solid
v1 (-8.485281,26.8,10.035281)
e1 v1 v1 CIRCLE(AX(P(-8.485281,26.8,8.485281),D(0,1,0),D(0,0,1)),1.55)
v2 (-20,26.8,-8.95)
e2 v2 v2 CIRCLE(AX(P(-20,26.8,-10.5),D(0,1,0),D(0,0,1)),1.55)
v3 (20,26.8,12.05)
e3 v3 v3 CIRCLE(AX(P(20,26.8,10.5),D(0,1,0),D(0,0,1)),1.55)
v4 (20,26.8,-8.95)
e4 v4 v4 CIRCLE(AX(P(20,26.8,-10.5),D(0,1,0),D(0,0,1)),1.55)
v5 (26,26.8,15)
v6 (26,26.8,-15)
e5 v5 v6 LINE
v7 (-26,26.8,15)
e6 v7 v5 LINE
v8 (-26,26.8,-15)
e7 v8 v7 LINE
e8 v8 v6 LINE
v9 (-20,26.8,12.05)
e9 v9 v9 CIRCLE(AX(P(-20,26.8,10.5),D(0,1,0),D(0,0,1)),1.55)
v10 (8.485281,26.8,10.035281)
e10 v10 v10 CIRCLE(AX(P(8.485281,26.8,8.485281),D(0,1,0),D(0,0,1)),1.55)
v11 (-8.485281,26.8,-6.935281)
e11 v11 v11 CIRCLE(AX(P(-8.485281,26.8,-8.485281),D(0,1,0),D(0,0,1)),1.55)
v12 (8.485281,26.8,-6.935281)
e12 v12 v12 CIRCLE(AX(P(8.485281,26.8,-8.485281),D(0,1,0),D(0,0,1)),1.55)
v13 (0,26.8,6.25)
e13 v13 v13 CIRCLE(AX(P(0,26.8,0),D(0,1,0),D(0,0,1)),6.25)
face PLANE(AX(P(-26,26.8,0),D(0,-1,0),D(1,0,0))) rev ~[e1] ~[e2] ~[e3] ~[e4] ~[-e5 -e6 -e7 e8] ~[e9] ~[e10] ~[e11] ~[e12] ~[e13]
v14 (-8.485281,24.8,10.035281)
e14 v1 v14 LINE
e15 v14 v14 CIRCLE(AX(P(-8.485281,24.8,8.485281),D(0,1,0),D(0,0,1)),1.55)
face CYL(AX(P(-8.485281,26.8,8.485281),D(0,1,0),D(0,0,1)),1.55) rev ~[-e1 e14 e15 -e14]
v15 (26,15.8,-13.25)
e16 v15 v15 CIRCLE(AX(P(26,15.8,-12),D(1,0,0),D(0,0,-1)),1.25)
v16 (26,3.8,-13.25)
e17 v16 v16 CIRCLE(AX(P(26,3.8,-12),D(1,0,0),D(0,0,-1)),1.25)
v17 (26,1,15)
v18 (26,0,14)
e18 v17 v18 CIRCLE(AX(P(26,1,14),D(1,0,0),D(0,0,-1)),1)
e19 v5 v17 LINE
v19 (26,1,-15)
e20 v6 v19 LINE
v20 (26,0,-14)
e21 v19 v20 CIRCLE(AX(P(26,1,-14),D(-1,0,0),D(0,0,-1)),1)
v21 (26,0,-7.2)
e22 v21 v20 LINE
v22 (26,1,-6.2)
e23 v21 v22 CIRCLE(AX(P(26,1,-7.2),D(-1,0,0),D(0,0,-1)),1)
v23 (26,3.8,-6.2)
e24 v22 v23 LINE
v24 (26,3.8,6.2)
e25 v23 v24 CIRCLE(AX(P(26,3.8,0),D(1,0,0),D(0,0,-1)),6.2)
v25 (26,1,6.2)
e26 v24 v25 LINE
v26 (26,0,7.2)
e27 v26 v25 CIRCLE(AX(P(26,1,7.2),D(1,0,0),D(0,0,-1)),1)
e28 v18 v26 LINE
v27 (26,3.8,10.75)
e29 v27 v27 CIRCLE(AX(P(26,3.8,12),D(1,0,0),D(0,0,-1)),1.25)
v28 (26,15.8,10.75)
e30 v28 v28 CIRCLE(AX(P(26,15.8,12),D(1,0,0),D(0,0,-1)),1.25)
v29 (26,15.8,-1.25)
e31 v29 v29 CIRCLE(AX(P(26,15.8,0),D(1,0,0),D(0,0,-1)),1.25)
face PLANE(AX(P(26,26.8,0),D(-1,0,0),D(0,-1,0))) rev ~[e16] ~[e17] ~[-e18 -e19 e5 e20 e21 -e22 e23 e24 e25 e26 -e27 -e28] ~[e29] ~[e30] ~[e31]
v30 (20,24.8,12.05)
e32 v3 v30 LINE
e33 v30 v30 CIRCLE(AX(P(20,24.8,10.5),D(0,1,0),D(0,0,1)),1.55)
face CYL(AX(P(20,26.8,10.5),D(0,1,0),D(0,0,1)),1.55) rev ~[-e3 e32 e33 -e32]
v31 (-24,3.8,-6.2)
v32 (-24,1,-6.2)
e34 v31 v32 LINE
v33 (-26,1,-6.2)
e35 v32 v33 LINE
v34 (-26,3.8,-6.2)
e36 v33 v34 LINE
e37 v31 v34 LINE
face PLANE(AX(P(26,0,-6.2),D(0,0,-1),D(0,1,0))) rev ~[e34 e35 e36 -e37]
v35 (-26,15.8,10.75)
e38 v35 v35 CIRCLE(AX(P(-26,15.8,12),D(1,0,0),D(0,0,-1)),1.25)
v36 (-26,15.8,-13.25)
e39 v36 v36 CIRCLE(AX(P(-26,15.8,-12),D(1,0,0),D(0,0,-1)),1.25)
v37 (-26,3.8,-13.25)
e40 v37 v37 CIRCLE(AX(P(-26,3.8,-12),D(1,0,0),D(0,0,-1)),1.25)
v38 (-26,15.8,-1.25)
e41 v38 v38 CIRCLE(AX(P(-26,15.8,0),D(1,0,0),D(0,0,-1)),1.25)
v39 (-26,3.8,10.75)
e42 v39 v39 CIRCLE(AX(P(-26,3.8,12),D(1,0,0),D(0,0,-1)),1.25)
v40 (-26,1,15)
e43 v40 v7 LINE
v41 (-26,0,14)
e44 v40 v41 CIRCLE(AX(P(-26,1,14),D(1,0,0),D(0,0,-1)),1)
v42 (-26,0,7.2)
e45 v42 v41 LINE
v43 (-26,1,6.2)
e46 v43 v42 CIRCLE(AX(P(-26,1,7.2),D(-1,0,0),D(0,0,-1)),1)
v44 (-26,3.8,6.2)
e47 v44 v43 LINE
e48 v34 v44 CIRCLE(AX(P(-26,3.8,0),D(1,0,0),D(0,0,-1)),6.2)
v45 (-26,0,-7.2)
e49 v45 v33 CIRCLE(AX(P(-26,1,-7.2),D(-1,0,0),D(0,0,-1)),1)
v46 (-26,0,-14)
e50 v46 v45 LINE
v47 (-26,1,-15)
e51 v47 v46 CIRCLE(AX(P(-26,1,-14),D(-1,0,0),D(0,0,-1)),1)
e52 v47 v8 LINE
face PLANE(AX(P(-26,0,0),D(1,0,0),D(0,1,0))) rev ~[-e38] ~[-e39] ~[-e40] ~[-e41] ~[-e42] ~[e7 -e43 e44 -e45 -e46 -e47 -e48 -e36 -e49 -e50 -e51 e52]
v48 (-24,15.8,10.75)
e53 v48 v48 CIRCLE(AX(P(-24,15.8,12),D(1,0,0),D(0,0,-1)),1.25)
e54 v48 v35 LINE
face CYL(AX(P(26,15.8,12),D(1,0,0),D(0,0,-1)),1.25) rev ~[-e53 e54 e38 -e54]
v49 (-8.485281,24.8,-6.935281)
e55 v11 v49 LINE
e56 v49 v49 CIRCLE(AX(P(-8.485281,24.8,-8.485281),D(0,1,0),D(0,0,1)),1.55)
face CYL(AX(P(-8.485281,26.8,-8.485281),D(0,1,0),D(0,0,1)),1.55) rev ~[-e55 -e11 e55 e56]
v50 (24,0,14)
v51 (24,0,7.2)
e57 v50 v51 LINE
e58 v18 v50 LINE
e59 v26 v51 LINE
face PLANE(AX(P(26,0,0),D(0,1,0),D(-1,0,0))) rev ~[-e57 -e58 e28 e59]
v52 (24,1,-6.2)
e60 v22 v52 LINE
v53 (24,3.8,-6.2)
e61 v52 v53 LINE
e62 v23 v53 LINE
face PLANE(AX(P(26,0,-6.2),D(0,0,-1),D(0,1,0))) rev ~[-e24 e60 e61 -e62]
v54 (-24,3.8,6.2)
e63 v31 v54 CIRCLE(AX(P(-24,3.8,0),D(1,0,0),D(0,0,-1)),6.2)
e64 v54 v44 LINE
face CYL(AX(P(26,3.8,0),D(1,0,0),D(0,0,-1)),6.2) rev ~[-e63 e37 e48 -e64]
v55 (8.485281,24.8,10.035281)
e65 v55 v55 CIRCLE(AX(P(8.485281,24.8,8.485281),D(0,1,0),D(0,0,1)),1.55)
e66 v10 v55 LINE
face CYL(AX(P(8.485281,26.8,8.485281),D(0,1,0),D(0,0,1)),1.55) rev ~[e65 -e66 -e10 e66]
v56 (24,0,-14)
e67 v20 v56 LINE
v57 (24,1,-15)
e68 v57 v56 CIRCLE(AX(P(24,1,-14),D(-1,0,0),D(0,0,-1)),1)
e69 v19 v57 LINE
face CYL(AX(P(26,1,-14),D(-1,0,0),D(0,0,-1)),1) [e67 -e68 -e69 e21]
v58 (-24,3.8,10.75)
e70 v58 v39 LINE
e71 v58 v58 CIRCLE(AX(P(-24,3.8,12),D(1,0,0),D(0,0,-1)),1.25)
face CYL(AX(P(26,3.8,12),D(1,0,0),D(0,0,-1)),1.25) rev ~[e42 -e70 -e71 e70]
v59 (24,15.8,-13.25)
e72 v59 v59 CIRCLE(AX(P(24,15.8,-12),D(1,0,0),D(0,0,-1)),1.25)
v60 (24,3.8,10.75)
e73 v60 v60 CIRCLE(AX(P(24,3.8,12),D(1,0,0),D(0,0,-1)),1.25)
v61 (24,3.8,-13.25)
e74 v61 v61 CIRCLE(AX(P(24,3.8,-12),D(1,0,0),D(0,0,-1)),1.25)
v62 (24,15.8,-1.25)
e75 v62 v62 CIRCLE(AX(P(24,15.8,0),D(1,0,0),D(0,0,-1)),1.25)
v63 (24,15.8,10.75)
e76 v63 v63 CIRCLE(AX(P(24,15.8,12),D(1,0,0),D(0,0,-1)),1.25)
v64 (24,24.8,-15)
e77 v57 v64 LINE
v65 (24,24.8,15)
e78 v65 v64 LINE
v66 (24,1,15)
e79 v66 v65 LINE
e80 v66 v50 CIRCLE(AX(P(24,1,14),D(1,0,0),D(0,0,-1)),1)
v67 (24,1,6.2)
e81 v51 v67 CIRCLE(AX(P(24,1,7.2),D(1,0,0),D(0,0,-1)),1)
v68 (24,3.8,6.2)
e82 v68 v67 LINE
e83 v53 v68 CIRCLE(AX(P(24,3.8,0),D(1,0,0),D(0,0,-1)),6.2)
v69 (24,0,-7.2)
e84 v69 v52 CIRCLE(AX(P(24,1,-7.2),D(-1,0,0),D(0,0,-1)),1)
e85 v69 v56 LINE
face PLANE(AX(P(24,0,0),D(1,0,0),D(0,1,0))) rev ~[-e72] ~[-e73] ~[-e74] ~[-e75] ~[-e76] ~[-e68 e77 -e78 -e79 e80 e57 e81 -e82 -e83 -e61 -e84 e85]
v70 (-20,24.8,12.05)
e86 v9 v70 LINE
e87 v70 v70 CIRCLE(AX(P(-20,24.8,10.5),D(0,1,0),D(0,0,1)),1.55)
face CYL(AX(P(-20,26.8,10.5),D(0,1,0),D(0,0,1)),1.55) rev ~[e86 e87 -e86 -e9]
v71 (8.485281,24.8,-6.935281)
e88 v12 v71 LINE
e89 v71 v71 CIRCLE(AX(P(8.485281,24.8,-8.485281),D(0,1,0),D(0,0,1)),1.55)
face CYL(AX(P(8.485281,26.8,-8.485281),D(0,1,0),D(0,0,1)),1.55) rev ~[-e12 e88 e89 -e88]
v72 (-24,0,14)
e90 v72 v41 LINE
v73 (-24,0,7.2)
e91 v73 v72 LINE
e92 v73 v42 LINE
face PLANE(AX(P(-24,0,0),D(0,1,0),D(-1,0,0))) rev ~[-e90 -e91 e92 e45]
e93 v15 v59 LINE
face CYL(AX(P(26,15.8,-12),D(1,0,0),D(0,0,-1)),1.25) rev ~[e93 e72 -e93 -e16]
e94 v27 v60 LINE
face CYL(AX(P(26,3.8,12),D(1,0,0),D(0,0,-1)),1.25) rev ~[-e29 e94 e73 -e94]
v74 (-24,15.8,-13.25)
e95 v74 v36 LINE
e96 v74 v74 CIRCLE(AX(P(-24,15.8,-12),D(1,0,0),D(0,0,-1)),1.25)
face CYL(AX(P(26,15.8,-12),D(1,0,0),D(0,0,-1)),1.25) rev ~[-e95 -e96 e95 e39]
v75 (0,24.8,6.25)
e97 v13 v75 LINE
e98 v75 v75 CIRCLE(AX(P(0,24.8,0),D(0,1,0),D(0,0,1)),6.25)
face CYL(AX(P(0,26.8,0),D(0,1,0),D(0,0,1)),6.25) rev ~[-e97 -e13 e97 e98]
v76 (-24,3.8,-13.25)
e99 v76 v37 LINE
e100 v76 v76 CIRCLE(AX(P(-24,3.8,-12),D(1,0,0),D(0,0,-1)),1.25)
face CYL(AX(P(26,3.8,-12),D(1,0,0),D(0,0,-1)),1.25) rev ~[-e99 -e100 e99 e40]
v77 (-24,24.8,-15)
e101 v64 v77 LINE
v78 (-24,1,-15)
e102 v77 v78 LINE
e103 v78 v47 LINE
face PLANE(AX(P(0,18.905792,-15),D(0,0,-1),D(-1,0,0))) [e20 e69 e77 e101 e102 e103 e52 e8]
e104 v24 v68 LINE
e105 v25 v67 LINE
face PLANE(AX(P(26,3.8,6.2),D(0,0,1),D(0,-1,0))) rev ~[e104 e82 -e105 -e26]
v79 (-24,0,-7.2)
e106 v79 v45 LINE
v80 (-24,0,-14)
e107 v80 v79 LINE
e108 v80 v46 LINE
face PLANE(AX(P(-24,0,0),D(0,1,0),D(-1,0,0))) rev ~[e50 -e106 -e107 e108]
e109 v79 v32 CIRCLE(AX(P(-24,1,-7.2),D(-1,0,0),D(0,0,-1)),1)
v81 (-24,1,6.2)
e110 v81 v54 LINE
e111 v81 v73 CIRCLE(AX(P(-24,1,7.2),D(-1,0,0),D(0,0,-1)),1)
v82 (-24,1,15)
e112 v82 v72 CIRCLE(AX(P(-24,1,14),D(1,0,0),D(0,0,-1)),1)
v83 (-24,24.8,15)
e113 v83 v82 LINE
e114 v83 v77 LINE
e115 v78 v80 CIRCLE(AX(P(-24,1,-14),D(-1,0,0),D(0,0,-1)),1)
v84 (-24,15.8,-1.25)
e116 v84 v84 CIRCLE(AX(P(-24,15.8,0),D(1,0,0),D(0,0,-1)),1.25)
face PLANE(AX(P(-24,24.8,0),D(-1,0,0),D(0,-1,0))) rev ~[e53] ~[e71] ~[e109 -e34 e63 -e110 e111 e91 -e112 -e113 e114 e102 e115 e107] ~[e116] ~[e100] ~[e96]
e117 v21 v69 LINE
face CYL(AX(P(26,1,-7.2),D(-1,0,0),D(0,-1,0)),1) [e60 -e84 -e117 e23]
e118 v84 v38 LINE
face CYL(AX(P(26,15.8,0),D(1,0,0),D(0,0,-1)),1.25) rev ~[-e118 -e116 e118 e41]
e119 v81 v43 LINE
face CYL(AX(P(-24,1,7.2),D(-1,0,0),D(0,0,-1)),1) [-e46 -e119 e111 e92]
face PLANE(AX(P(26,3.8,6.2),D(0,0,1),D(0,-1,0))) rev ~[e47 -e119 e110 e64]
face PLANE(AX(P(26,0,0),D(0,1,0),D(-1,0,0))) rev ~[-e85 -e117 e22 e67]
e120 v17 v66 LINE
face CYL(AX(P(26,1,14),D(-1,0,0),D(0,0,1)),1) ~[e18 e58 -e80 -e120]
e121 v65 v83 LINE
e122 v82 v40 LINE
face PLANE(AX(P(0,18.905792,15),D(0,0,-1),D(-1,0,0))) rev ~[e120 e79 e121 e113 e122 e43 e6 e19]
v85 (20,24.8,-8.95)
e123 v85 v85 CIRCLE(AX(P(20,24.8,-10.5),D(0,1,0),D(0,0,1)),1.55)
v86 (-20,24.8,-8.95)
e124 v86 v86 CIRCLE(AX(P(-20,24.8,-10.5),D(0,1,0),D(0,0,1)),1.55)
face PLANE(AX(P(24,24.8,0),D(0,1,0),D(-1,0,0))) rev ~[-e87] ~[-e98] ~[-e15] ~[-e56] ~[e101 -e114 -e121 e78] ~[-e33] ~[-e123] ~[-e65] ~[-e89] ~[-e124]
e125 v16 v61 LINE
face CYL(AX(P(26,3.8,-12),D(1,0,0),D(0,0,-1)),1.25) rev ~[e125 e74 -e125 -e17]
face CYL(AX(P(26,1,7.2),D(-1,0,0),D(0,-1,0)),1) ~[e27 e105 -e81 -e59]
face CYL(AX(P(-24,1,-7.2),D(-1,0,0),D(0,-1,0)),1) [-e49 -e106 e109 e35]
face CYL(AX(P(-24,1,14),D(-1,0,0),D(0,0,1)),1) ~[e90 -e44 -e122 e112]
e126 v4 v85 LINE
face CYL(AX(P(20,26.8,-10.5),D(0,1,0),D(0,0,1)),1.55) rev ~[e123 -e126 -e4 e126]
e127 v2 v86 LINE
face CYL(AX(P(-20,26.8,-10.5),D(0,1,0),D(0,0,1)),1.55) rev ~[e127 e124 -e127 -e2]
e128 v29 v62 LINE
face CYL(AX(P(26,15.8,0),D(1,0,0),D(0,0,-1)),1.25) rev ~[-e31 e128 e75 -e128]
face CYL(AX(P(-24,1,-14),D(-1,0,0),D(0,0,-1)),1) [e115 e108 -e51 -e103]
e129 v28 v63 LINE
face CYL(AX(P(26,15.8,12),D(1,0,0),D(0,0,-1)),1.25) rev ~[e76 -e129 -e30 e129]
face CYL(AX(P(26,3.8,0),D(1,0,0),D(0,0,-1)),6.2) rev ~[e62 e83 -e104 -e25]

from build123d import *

# Parameters (mm, degrees)
BOSS_EXTRU_1_DEPTH      = 15
ESQUISSE4_R             = 6.25
ESQUISSE4_R_2           = 1.55
ENL_V_MAT_EXTRU_2_DEPTH = 41.239781312
ESQUISSE2_R             = 1.25
ENL_V_MAT_EXTRU_1_DEPTH = 61.392383626
CONG_1_R                = 1


with BuildPart() as part:
    # Esquisse1 → Boss.-Extru.1 (new, symmetric)
    with BuildSketch(Plane.XY):
        Polygon((-26, 26.8), (26, 26.8), (26, 0), (24, 0), (24, 24.8), (-24, 24.8), (-24, 0), (-26, 0), align=None)
    extrude(amount=BOSS_EXTRU_1_DEPTH, both=True)

    # Esquisse4 → Enlèv. mat.-Extru.2 (cut, through all)
    with BuildSketch(Plane(origin=(0, 26.8, 0), x_dir=(1, 0, 0), z_dir=(0, 1, 0))):
        with Locations(Location((0, 0, 0), (0, 0, 270))):
            Circle(ESQUISSE4_R)
        with Locations(Location((-8.485281374, 8.485281374, 0), (0, 0, 270))):
            Circle(ESQUISSE4_R_2)
        with Locations(Location((8.485281374, 8.485281374, 0), (0, 0, 270))):
            Circle(ESQUISSE4_R_2)
        with Locations(Location((8.485281374, -8.485281374, 0), (0, 0, 270))):
            Circle(ESQUISSE4_R_2)
        with Locations(Location((-8.485281374, -8.485281374, 0), (0, 0, 270))):
            Circle(ESQUISSE4_R_2)
        with Locations(Location((20, 10.5, 0), (0, 0, 270))):
            Circle(ESQUISSE4_R_2)
        with Locations(Location((-20, 10.5, 0), (0, 0, 270))):
            Circle(ESQUISSE4_R_2)
        with Locations(Location((20, -10.5, 0), (0, 0, 270))):
            Circle(ESQUISSE4_R_2)
        with Locations(Location((-20, -10.5, 0), (0, 0, 270))):
            Circle(ESQUISSE4_R_2)
    extrude(amount=-ENL_V_MAT_EXTRU_2_DEPTH, mode=Mode.SUBTRACT)

    # Esquisse2 → Enlèv. mat.-Extru.1 (cut, through all)
    with BuildSketch(Plane(origin=(26, 0, 0), x_dir=(0, 0, -1), z_dir=(1, 0, 0))):
        with Locations((-12, 15.8)):
            Circle(ESQUISSE2_R)
        with Locations((-12, 3.8)):
            Circle(ESQUISSE2_R)
        with Locations((0, 15.8)):
            Circle(ESQUISSE2_R)
        with Locations((12, 3.8)):
            Circle(ESQUISSE2_R)
        with Locations((12, 15.8)):
            Circle(ESQUISSE2_R)
        with BuildLine():
            Line((-6.2, 3.8), (-6.2, 0))
            Line((-6.2, 0), (6.2, 0))
            Line((6.2, 0), (6.2, 3.8))
            ThreePointArc((6.2, 3.8), (0, 10), (-6.2, 3.8))
        make_face()
    extrude(amount=-ENL_V_MAT_EXTRU_1_DEPTH, mode=Mode.SUBTRACT)

    # Congé1
    cong_1_edges = [part.edges().sort_by_distance(p)[0] for p in [
        (-25, 0, -6.2),
        (25, 0, -6.2),
        (-25, 0, 6.2),
        (25, 0, 6.2),
        (25, 0, 15),
        (-25, 0, 15),
        (-25, 0, -15),
        (25, 0, -15),
    ]]
    fillet(cong_1_edges, radius=CONG_1_R)


solid = part.part
